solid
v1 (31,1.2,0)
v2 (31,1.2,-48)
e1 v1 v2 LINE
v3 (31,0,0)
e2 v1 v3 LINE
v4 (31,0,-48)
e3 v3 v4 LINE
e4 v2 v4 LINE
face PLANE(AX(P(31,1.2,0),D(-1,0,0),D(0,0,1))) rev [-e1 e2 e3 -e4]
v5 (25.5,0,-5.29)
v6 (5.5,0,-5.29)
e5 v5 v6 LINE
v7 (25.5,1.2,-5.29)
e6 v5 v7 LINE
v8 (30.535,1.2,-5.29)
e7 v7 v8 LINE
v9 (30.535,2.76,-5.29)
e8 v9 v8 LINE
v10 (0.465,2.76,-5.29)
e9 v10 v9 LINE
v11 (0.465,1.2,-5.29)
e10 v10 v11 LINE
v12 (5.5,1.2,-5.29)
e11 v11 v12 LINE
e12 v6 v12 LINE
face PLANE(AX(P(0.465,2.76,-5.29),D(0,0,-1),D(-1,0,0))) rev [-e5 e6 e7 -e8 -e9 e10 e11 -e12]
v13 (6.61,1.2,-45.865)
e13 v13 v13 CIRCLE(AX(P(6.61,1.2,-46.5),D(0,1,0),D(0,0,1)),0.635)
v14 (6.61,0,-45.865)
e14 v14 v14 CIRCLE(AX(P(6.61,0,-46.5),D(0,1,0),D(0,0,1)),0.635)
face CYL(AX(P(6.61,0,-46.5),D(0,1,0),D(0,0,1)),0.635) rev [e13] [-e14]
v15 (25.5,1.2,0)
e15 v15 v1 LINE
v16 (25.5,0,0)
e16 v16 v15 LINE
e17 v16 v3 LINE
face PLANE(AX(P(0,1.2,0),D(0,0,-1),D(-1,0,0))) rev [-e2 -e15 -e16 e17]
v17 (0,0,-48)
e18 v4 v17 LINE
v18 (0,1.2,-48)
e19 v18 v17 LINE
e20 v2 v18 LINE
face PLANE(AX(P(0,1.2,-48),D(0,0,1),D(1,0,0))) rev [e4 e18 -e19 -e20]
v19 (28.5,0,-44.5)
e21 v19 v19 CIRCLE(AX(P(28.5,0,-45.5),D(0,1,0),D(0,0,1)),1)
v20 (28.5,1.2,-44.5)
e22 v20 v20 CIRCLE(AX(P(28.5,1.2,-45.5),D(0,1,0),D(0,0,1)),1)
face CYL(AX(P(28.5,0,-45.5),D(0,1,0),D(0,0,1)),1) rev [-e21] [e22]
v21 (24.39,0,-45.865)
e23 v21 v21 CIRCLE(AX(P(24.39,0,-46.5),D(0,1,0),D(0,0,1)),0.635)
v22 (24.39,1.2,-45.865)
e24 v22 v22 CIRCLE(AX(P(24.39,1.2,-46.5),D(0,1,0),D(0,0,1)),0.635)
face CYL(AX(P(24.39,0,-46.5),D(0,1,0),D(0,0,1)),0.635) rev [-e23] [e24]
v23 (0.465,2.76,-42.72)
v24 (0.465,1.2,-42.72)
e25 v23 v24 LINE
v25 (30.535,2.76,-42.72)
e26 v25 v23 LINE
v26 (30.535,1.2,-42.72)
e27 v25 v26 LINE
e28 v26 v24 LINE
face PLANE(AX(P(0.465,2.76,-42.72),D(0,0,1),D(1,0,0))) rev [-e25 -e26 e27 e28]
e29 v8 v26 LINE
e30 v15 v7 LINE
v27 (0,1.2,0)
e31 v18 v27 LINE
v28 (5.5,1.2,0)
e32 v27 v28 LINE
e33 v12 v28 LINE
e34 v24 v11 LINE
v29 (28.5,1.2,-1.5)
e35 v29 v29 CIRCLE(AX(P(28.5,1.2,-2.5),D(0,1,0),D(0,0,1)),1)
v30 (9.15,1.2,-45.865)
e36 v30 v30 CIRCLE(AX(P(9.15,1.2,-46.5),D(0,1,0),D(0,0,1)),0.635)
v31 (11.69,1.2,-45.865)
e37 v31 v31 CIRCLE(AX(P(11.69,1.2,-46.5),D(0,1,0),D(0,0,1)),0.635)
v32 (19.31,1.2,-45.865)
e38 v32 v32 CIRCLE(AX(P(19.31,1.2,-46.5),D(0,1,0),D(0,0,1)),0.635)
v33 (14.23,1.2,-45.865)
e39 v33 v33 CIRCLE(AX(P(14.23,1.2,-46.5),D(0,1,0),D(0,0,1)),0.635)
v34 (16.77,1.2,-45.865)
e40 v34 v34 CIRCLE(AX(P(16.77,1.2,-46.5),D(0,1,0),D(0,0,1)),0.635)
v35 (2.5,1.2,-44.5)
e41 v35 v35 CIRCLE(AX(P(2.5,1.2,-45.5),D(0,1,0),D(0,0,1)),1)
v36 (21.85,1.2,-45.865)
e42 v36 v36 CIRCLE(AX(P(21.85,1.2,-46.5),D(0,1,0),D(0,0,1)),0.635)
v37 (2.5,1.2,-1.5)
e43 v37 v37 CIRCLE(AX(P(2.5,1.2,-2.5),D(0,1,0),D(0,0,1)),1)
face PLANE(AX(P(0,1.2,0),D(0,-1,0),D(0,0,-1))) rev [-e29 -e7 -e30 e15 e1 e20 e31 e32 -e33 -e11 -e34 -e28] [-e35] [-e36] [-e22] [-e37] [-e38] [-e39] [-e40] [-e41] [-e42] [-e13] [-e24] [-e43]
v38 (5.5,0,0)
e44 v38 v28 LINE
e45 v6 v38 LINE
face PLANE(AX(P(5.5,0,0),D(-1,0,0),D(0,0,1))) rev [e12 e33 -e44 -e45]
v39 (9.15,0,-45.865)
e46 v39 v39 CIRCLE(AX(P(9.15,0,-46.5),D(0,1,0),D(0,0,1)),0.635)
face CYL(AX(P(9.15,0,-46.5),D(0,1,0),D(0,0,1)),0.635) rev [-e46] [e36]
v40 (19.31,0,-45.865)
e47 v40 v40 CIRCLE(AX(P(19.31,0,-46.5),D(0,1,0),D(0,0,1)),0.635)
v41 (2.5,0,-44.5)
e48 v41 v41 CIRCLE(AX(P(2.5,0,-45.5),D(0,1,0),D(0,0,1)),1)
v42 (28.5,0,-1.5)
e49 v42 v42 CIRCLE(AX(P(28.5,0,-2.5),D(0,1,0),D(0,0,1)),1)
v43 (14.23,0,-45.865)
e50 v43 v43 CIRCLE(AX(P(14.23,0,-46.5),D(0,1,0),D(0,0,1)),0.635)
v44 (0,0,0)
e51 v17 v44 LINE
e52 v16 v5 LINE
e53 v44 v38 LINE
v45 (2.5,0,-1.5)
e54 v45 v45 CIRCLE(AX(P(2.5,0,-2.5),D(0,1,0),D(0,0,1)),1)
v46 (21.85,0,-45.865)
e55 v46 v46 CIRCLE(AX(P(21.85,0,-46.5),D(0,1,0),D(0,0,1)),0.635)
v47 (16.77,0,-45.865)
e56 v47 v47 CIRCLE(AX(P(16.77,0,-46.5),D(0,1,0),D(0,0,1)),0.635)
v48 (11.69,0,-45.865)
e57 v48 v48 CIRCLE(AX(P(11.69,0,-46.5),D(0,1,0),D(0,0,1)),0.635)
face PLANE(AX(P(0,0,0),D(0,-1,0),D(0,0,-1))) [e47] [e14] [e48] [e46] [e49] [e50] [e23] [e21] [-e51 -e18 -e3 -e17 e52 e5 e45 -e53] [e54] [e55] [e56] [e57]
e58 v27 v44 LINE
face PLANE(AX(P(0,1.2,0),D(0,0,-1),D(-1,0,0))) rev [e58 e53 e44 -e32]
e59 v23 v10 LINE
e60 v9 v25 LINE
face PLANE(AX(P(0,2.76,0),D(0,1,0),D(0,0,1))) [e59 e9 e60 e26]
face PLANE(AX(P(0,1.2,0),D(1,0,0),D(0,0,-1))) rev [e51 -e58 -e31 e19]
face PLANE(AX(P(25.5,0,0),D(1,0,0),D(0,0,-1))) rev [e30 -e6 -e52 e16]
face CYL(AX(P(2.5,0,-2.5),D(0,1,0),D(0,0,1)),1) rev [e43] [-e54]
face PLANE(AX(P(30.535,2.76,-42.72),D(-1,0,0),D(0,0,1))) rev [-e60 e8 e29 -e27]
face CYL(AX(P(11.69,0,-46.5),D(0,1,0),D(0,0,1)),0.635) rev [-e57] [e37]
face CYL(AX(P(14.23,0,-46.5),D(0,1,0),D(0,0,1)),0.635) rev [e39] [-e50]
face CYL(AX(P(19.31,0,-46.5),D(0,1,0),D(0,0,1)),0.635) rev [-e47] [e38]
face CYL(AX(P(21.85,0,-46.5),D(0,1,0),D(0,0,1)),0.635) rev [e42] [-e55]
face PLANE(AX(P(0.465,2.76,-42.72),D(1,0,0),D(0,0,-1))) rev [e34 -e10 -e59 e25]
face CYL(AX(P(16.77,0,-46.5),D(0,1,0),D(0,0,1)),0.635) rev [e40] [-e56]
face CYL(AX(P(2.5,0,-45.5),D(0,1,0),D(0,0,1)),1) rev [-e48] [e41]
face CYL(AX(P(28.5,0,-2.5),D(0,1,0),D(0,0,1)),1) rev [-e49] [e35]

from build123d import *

# Parameters (mm, degrees)
SKETCH_1_W             = 31
SKETCH_1_H             = 48
EXTRUDE_1_DEPTH        = 1.2
SKETCH_2_W             = 30.07
SKETCH_2_H             = 37.43
EXTRUDE_2_DEPTH        = 1.56
SKETCH_4_R             = 0.635
CUT_EXTRUDE_1_DEPTH    = 58.16146954
PATTERN_LINEAR_1_COUNT = 8
PATTERN_LINEAR_1_PITCH = 2.54
SKETCH_6_R             = 1
SKETCH_6_W             = 20
SKETCH_6_H             = 5.29
CUT_EXTRUDE_2_DEPTH    = 58.16146954


with BuildPart() as part:
    # 草图1 → 凸台-拉伸1 (new body)
    with BuildSketch(Plane(origin=(0, 0, 0), x_dir=(1, 0, 0), z_dir=(0, 1, 0))):
        with Locations((15.5, 24)):
            Rectangle(SKETCH_1_W, SKETCH_1_H)
    extrude(amount=EXTRUDE_1_DEPTH)

    # 草图2 → 凸台-拉伸2 (add)
    with BuildSketch(Plane(origin=(0, 1.2, 0), x_dir=(1, 0, 0), z_dir=(0, 1, 0))):
        with Locations((15.5, 24.005)):
            Rectangle(SKETCH_2_W, SKETCH_2_H)
    extrude(amount=EXTRUDE_2_DEPTH)

    # 草图4 → 切除-拉伸1 (cut, through all)
    with BuildSketch(Plane(origin=(0, 1.2, 0), x_dir=(1, 0, 0), z_dir=(0, 1, 0))):
        with Locations(Location((6.61, 46.5, 0), (0, 0, 270))):
            Circle(SKETCH_4_R)
    cut_extrude_1 = extrude(amount=-CUT_EXTRUDE_1_DEPTH, mode=Mode.SUBTRACT)

    # 阵列(线性)1: 切除-拉伸1 ×8
    with Locations(*[(i * PATTERN_LINEAR_1_PITCH, 0, 0) for i in range(1, PATTERN_LINEAR_1_COUNT)]):
        add(cut_extrude_1, mode=Mode.SUBTRACT)

    # 草图6 → 切除-拉伸2 (cut, through all)
    with BuildSketch(Plane(origin=(0, 1.2, 0), x_dir=(1, 0, 0), z_dir=(0, 1, 0))):
        with Locations(Location((2.5, 45.5, 0), (0, 0, 270))):
            Circle(SKETCH_6_R)
        with Locations(Location((28.5, 45.5, 0), (0, 0, 270))):
            Circle(SKETCH_6_R)
        with Locations(Location((2.5, 2.5, 0), (0, 0, 270))):
            Circle(SKETCH_6_R)
        with Locations(Location((28.5, 2.5, 0), (0, 0, 270))):
            Circle(SKETCH_6_R)
        with Locations((15.5, 2.645)):
            Rectangle(SKETCH_6_W, SKETCH_6_H)
    extrude(amount=-CUT_EXTRUDE_2_DEPTH, mode=Mode.SUBTRACT)


solid = part.part
